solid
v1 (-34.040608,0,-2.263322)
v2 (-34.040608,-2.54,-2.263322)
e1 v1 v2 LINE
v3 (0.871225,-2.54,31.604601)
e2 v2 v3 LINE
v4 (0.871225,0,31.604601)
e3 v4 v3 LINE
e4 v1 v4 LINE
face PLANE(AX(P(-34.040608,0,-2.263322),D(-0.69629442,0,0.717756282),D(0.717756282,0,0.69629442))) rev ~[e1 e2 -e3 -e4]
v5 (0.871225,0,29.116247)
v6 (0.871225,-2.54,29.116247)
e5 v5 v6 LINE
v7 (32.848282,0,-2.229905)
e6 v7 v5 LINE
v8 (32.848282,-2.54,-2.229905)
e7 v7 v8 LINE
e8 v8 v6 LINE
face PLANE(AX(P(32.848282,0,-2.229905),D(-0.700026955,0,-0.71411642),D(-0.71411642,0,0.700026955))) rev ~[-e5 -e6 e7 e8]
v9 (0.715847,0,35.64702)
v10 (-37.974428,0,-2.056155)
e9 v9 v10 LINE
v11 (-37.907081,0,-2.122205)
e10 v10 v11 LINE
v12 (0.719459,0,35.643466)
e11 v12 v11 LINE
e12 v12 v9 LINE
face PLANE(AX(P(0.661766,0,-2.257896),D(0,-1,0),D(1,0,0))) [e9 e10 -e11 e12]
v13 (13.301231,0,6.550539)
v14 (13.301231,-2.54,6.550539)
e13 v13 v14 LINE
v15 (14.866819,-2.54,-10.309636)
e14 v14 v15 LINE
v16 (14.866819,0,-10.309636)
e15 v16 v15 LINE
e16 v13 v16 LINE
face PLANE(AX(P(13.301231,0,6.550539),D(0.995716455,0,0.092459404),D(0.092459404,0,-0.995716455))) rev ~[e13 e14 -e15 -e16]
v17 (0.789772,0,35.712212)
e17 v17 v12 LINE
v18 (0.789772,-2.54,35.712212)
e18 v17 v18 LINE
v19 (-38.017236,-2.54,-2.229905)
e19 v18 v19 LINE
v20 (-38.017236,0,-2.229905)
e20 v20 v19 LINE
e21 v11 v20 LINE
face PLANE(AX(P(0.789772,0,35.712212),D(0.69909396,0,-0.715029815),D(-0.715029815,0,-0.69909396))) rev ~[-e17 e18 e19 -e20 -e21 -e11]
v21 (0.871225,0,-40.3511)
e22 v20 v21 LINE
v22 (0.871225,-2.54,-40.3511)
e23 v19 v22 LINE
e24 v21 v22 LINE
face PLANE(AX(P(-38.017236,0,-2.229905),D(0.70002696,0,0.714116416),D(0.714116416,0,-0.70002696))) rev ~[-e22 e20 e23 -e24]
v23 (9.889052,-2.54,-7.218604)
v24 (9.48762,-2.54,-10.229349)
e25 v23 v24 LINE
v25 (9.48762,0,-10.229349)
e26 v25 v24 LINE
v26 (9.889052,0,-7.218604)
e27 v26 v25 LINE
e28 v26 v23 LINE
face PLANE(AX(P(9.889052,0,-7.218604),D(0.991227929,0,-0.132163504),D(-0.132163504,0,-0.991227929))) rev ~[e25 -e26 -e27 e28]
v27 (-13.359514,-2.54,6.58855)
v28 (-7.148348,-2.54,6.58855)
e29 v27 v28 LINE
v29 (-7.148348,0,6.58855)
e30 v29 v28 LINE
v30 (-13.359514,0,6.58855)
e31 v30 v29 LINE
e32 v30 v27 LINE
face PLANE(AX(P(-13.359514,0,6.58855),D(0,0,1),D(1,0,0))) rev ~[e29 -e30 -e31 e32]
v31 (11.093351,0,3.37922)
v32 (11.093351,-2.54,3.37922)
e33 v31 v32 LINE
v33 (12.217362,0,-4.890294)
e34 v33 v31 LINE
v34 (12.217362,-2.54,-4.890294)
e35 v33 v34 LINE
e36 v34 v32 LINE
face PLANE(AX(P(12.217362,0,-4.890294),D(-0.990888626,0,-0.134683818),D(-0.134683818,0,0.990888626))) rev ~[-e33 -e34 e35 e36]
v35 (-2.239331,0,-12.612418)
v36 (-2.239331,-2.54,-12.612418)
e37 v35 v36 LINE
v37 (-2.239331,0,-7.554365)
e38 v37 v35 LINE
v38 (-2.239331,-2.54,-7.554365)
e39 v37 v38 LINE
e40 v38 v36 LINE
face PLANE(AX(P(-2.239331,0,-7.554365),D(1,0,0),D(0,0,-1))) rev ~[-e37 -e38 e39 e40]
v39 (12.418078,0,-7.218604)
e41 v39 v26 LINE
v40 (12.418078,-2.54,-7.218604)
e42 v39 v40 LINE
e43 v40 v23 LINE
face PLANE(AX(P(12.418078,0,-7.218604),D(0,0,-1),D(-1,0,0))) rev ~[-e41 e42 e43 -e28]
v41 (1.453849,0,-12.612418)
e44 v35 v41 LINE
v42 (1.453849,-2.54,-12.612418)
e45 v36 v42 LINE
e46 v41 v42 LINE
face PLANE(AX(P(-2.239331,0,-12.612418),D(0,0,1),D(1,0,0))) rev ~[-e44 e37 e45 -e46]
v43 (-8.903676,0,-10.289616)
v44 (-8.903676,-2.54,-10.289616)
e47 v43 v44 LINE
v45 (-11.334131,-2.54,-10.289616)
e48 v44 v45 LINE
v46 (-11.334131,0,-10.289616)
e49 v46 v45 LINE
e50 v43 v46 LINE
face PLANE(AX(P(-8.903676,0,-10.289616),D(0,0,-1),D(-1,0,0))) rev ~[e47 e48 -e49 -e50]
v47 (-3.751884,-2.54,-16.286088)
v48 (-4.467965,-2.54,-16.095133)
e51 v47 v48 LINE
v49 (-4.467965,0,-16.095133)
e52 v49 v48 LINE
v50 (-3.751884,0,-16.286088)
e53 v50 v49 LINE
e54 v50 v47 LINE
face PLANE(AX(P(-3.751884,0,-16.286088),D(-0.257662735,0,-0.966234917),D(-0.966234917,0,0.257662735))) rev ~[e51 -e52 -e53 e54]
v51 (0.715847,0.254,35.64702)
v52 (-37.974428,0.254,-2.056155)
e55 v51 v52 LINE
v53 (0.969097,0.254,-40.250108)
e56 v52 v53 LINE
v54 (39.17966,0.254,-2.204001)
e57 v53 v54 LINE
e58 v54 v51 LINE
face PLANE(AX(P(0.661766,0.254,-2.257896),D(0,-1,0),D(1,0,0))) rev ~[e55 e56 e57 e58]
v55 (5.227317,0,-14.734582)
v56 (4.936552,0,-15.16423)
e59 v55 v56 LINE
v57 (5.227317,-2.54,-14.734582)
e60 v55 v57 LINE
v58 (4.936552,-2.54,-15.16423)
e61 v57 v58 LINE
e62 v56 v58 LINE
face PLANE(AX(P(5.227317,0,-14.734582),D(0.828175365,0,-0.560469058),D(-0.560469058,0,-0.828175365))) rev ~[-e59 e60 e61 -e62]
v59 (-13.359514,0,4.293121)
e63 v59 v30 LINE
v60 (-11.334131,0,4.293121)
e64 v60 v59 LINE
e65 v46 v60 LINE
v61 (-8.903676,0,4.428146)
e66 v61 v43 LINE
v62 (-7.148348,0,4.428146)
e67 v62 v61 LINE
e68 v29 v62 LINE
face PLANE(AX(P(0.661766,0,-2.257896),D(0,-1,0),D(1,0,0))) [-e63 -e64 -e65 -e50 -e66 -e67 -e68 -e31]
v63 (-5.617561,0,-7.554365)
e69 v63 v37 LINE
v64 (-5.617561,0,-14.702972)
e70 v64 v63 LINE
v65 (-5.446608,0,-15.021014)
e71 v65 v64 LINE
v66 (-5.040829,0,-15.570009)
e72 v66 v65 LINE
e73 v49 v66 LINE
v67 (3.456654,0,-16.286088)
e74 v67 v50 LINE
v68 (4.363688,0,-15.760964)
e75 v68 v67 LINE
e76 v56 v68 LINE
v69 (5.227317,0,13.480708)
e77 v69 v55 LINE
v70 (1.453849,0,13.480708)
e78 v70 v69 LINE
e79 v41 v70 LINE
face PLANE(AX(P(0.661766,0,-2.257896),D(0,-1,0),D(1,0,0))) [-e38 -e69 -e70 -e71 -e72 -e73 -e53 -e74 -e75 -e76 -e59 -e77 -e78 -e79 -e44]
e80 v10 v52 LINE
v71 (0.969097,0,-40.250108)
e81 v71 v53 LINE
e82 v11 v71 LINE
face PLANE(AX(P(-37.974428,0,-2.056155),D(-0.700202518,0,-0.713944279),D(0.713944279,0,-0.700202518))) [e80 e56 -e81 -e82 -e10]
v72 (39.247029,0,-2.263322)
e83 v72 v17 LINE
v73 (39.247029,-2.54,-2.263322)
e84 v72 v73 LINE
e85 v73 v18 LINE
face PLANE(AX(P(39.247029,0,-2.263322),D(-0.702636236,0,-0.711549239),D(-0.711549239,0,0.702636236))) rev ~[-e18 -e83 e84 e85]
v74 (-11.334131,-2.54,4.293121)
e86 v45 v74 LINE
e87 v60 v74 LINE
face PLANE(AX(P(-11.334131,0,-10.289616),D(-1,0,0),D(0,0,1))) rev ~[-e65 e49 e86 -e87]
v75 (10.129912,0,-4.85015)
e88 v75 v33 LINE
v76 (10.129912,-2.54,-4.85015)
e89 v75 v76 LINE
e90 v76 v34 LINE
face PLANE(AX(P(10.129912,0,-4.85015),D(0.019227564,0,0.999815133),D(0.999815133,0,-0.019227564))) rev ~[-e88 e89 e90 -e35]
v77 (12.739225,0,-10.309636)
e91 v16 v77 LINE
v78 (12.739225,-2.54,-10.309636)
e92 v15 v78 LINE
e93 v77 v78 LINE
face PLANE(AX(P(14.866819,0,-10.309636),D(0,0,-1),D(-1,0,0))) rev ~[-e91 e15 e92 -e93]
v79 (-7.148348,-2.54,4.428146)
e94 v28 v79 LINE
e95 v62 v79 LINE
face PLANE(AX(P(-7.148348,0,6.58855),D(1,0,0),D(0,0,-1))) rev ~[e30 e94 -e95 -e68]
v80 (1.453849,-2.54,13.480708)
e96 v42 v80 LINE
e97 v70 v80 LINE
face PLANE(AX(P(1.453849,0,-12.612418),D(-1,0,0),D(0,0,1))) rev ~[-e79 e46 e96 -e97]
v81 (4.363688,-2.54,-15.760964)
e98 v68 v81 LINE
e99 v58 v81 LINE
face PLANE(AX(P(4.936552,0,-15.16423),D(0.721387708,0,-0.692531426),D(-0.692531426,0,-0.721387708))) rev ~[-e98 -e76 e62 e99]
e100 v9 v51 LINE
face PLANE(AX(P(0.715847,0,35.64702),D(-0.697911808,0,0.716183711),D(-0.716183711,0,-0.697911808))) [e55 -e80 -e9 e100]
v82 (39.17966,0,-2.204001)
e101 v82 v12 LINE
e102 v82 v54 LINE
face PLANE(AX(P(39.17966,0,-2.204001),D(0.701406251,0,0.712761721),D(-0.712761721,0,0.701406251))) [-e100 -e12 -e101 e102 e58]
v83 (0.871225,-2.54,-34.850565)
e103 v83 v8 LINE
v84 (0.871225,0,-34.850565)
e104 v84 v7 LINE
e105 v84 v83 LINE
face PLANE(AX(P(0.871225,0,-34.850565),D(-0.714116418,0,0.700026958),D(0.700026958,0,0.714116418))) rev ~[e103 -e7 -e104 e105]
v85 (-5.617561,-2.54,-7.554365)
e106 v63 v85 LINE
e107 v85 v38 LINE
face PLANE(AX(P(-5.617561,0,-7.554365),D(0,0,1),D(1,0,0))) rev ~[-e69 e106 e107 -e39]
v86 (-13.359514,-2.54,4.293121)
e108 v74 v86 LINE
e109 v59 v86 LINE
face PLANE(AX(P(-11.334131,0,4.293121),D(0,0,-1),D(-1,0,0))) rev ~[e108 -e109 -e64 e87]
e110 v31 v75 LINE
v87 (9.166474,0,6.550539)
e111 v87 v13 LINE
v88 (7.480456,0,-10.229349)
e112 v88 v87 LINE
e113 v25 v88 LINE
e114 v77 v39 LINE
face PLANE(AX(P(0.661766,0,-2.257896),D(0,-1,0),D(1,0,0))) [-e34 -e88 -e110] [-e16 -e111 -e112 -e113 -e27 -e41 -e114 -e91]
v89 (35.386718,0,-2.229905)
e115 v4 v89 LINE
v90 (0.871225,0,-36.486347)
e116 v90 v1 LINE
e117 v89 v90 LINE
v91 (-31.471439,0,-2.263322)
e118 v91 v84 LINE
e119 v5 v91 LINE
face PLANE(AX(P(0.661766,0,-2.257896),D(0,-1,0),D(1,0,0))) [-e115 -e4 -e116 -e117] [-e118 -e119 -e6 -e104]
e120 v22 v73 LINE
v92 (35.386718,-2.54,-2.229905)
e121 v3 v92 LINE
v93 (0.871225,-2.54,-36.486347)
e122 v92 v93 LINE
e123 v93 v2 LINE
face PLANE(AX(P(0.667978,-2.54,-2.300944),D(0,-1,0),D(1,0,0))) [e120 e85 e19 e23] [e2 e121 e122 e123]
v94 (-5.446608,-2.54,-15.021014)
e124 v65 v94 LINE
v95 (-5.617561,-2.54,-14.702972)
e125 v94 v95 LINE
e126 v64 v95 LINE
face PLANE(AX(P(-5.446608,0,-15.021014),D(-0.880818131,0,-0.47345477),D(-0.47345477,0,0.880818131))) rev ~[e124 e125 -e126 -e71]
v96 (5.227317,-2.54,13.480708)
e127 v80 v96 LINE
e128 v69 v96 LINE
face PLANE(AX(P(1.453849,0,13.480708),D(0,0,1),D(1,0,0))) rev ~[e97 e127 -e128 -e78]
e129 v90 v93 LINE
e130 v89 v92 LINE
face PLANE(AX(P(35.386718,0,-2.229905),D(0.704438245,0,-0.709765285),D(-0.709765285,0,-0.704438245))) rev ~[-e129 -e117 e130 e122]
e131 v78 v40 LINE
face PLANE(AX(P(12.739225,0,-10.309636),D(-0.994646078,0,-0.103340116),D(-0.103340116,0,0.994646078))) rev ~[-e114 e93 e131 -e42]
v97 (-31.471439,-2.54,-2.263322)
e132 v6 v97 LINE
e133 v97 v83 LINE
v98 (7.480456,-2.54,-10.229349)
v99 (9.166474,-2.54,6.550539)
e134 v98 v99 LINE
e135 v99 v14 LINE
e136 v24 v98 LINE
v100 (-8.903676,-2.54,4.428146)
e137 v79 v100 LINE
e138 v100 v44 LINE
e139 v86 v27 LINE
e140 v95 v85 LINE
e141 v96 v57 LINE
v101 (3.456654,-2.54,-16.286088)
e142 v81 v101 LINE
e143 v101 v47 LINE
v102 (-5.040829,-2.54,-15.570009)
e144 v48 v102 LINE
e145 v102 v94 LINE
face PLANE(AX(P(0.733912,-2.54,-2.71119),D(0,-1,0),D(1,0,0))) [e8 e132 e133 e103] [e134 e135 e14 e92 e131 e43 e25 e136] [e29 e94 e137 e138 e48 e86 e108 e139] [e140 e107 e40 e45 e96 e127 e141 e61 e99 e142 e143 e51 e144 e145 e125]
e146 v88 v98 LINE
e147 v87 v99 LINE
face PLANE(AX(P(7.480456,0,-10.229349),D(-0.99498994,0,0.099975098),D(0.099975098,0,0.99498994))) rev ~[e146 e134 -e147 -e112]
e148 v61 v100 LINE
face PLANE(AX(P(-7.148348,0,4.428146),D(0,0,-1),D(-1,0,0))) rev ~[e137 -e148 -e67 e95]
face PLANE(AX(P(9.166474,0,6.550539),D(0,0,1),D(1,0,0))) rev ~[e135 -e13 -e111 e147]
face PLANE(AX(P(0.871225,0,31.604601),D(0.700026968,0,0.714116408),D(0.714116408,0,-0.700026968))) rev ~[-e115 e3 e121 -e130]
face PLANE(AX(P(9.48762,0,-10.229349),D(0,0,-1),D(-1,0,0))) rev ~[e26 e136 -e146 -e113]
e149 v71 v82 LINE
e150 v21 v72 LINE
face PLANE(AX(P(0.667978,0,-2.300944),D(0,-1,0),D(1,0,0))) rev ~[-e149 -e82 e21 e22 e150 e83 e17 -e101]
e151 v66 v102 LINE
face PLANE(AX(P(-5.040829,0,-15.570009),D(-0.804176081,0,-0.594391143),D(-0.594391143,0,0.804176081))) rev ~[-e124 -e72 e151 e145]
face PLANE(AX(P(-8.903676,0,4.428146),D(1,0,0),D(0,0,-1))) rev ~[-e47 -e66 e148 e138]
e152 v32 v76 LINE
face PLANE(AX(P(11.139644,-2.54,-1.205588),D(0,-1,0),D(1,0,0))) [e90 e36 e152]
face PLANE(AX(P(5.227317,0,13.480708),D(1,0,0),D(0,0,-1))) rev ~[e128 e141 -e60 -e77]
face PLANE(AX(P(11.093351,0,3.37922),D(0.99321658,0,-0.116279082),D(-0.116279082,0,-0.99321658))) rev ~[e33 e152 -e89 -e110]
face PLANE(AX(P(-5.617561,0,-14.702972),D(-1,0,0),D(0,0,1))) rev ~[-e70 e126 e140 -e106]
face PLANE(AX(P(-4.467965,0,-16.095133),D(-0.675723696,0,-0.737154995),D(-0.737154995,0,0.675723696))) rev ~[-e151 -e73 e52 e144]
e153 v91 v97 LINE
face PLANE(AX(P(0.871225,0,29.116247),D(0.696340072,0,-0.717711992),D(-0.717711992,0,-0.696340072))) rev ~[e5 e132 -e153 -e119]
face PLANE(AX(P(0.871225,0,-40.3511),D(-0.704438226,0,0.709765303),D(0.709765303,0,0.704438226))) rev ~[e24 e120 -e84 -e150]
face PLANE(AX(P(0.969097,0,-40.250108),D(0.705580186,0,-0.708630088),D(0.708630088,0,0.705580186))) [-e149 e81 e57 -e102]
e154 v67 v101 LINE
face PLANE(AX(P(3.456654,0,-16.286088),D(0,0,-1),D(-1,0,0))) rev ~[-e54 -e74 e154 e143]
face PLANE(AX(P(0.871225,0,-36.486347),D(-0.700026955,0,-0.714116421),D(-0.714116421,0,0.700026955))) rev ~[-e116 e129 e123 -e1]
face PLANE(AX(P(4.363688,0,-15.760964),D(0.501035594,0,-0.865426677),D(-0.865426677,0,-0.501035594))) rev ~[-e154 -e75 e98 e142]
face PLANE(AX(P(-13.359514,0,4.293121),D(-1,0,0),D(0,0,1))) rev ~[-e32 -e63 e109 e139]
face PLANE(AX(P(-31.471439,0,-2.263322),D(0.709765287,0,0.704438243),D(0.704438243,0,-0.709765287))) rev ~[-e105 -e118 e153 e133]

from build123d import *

# Parameters (mm, degrees)
F1_DEPTH = 0.254
F3_DEPTH = 2.54


with BuildPart() as f1:
    # F0 (on Front) → F1 (new body)
    with BuildSketch(Plane.XZ):
        Polygon((0.715847, 35.64702), (-37.974428, -2.056155), (0.969097, -40.250108), (39.17966, -2.204001), align=None)
    extrude(amount=-F1_DEPTH)

    # F2 (on Front) → F3 (join)
    with BuildSketch(Plane.XZ):
        Polygon((0.789772, 35.712212), (-38.017236, -2.229905), (0.871225, -40.3511), (39.247029, -2.263322), align=None)
        Polygon((0.871225, -36.486347), (-34.040608, -2.263322), (0.871225, 31.604601), (35.386718, -2.229905), align=None, mode=Mode.SUBTRACT)
        Polygon((0.871225, 29.116247), (-31.471439, -2.263322), (0.871225, -34.850565), (32.848282, -2.229905), align=None)
        Polygon((-13.359514, 4.293121), (-13.359514, 4.833221), (-13.359514, 6.58855), (-7.148348, 6.58855), (-7.148348, 4.428146), (-8.903676, 4.428146), (-8.903676, -10.289616), (-11.334131, -10.289616), (-11.334131, 4.293121), align=None, mode=Mode.SUBTRACT)
        Polygon((-5.617561, -14.702972), (-5.617561, -7.554365), (-2.239331, -7.554365), (-2.239331, -12.612418), (1.453849, -12.612418), (1.453849, 13.480708), (5.227317, 13.480708), (5.227317, -14.378722), (5.227317, -14.734582), (4.936552, -15.16423), (4.363688, -15.760964), (3.456654, -16.286088), (-3.751884, -16.286088), (-4.467965, -16.095133), (-5.040829, -15.570009), (-5.446608, -15.021014), align=None, mode=Mode.SUBTRACT)
        Polygon((9.48762, -10.229349), (7.480456, -10.229349), (9.166474, 6.550539), (13.301231, 6.550539), (14.866819, -10.309636), (12.739225, -10.309636), (12.418078, -7.218604), (9.889052, -7.218604), align=None, mode=Mode.SUBTRACT)
        Polygon((11.093351, 3.37922), (10.129912, -4.85015), (12.217362, -4.890294), align=None)
    extrude(amount=F3_DEPTH)


solid = f1.part
